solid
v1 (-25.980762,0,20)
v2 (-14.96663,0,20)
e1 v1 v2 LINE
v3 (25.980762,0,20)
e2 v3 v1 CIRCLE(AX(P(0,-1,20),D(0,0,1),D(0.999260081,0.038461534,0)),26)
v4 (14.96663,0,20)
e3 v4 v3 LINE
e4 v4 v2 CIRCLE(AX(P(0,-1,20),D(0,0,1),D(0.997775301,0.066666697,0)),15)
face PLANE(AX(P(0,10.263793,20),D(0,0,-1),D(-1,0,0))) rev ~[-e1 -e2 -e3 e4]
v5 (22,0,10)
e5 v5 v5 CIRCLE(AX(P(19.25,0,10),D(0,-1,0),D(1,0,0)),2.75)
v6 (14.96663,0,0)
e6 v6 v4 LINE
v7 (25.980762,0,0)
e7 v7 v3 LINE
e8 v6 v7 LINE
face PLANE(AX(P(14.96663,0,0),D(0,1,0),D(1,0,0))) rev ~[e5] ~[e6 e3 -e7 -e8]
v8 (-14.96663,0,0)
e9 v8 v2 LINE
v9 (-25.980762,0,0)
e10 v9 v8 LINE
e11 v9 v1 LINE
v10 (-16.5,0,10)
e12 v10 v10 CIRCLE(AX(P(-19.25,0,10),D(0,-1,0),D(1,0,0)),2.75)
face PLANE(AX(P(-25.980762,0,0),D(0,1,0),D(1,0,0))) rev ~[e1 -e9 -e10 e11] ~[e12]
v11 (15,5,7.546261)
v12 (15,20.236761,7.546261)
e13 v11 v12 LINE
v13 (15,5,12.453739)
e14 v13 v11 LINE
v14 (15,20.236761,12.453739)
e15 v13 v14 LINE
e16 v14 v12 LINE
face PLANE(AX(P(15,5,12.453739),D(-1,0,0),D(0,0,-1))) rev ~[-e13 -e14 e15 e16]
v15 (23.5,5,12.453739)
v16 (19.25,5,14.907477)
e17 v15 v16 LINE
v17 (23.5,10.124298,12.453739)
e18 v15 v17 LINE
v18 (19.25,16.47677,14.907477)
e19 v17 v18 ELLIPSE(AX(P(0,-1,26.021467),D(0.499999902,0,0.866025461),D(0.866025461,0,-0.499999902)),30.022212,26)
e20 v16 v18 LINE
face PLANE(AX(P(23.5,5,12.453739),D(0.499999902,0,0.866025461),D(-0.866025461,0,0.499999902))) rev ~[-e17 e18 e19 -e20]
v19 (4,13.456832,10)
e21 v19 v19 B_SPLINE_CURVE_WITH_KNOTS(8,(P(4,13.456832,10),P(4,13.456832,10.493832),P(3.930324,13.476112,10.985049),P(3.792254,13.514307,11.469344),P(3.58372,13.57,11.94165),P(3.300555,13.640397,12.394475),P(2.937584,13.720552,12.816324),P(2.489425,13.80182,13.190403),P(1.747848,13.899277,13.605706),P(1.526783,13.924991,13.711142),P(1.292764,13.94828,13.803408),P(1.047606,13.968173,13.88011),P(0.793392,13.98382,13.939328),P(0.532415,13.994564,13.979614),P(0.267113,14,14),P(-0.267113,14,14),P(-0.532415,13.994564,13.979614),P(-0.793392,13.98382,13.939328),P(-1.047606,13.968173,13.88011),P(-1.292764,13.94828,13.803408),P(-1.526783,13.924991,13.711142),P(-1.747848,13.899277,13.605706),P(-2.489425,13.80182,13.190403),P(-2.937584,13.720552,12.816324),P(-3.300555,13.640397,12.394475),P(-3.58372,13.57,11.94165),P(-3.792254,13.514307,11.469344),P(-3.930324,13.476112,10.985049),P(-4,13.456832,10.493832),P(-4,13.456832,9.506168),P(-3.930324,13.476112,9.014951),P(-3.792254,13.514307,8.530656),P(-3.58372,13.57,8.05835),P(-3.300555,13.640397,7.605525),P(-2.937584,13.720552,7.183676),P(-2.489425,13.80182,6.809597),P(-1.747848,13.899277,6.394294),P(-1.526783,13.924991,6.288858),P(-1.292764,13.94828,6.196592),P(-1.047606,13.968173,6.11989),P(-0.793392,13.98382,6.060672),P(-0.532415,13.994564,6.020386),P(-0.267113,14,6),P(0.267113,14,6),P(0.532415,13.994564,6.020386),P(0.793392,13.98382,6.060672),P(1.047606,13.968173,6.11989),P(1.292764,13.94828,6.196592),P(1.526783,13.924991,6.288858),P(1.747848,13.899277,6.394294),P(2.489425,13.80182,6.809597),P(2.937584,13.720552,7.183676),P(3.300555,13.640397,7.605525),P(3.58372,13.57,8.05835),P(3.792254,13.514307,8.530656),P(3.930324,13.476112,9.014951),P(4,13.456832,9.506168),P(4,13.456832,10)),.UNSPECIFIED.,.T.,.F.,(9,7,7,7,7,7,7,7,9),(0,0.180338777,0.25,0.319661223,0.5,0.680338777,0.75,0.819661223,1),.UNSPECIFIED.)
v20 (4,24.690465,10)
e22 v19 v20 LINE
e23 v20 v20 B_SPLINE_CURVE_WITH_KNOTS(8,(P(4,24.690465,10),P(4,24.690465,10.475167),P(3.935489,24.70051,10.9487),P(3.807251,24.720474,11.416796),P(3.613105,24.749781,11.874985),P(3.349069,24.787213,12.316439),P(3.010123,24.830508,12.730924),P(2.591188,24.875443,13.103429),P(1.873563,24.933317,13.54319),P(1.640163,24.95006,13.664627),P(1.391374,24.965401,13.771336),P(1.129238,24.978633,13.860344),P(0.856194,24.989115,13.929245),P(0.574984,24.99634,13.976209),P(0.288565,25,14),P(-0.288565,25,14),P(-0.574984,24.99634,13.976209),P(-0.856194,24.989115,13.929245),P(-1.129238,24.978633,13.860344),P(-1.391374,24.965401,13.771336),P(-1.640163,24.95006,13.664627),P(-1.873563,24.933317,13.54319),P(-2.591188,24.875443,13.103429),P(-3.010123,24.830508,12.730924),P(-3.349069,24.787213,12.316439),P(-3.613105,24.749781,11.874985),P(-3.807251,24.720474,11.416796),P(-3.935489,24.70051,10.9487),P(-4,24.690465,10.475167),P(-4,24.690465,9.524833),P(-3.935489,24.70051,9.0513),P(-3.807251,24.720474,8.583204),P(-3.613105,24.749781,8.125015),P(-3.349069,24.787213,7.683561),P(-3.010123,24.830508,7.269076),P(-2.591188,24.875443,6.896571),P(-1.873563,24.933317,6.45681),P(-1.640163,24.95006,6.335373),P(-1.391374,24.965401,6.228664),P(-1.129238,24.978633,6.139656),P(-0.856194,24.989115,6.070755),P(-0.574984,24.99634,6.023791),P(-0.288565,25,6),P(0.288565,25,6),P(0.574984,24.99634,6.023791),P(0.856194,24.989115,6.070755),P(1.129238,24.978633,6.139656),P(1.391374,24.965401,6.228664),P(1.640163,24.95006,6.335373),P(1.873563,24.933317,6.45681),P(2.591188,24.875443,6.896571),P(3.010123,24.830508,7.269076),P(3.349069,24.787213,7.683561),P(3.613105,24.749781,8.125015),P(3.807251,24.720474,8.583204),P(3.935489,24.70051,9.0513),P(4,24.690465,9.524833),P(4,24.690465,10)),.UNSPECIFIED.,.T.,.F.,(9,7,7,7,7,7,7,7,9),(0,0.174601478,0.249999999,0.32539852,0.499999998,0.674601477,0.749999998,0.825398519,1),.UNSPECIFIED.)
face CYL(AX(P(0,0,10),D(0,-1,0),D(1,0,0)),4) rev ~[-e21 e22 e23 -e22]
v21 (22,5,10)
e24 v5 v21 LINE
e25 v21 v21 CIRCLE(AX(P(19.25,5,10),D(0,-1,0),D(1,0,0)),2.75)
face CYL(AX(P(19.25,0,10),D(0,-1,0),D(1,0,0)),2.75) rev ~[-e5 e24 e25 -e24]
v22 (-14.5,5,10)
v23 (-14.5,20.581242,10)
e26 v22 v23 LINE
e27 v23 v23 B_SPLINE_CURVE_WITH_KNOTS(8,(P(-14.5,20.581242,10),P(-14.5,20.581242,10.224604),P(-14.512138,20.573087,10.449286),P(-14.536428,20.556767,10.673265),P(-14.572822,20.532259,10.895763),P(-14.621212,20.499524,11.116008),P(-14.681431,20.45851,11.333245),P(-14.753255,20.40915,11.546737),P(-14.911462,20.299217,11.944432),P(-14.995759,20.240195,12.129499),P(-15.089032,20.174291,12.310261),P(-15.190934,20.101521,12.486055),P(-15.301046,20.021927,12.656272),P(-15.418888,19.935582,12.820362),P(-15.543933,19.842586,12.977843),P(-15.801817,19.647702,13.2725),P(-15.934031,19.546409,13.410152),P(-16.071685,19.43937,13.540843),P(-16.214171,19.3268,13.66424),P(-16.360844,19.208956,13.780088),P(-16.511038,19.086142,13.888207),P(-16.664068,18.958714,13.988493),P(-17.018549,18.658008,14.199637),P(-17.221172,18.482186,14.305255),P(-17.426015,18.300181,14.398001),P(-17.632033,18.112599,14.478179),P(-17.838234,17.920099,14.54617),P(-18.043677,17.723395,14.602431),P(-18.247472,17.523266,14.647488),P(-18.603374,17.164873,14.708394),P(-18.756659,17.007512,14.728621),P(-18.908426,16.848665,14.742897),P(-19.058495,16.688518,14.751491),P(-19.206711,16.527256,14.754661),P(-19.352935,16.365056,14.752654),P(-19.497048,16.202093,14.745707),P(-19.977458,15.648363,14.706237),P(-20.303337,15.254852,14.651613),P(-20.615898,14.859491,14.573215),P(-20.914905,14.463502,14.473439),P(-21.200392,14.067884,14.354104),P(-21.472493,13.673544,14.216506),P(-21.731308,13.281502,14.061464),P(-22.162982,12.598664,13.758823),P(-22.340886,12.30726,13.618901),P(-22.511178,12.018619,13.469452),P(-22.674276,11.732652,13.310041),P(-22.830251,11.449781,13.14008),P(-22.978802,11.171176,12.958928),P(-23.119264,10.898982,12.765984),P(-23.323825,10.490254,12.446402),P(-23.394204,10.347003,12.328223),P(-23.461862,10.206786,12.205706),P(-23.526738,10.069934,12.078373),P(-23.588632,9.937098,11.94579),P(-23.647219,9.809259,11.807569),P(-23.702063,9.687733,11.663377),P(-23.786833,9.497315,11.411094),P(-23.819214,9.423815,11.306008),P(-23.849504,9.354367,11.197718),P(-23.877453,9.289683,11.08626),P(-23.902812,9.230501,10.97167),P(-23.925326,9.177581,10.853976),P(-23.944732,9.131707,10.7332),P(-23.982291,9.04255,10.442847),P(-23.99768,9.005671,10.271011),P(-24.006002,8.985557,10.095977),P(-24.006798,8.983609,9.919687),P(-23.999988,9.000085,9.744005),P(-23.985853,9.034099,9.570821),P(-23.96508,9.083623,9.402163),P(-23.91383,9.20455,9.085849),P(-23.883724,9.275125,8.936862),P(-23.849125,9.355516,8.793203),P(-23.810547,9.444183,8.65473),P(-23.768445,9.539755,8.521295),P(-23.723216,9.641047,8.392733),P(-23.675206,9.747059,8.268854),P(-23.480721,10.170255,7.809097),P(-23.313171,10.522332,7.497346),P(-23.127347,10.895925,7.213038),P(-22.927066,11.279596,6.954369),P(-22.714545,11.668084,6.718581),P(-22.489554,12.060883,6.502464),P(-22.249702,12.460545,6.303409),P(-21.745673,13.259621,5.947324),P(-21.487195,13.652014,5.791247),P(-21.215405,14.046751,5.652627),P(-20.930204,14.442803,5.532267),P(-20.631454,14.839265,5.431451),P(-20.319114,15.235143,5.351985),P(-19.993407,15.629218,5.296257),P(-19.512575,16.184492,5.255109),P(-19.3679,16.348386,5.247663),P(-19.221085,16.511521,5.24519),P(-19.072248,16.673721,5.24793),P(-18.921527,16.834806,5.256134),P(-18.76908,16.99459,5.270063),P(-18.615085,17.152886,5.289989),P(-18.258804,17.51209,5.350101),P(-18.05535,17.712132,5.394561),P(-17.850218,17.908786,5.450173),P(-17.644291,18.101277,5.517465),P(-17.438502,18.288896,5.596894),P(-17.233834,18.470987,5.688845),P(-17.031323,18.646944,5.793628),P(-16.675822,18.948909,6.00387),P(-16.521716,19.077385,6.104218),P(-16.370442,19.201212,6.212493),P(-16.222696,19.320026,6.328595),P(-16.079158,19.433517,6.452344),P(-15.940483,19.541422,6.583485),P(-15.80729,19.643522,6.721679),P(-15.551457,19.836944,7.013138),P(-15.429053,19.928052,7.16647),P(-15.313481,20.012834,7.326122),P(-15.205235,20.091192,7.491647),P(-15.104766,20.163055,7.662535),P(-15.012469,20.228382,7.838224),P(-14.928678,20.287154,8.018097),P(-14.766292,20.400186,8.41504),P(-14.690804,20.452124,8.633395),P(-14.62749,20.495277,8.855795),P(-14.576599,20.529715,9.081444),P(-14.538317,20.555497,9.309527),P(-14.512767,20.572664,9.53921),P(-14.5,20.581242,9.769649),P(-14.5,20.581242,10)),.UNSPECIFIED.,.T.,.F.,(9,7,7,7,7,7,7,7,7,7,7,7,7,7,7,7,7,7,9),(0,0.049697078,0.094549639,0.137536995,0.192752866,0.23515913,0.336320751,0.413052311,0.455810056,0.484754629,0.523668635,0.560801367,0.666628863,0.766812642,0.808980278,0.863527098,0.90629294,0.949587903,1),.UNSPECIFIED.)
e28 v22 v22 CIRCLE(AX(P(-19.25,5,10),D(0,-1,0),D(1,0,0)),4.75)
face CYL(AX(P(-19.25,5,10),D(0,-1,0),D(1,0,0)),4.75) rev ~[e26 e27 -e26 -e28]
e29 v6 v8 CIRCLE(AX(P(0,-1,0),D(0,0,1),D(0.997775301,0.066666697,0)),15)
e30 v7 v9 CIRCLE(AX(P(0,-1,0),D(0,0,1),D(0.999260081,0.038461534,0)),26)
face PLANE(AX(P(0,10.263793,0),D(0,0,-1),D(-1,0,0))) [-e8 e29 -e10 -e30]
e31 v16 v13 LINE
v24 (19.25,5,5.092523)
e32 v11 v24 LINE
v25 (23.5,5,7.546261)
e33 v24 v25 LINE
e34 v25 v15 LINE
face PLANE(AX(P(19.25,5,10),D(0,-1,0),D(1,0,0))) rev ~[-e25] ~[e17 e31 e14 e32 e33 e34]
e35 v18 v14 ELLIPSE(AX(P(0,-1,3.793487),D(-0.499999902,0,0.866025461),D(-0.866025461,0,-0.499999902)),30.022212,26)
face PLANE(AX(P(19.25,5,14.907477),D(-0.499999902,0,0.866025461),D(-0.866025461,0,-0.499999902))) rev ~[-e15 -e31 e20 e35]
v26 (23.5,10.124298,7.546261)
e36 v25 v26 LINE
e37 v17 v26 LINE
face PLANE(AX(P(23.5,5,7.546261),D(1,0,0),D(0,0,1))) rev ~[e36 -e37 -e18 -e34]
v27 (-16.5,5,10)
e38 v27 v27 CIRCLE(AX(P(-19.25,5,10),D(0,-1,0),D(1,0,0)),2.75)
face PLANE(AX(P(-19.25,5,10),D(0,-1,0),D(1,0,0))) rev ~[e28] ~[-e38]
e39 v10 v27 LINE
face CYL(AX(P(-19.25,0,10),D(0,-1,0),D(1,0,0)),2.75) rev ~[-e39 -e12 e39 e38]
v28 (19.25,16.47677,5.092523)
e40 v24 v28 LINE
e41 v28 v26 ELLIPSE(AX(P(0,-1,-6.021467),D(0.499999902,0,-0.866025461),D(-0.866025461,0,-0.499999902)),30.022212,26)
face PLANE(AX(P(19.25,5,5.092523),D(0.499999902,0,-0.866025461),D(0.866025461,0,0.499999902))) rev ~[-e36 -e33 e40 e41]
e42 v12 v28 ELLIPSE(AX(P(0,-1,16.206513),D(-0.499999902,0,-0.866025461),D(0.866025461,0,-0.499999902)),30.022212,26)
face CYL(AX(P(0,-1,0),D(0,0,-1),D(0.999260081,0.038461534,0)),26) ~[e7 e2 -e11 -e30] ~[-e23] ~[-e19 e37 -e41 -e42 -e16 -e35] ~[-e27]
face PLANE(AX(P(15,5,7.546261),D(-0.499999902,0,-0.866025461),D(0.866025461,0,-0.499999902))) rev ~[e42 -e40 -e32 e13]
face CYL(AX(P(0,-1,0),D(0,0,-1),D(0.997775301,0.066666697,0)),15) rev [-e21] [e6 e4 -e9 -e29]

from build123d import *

# Parameters (mm, degrees)
PAD_DEPTH       = 20
SKETCH001_R     = 2.75
SKETCH001_R_2   = 4
POCKET_DEPTH    = 25.001
SKETCH002_R     = 4.75
POCKET001_DEPTH = 20.001


with BuildPart() as part:
    # Sketch → Pad (new body)
    with BuildSketch(Plane.XY):
        with BuildLine():
            ThreePointArc((14.96663, 0), (0, 14), (-14.96663, 0))
            Line((-25.980762, 0), (-14.96663, 0))
            ThreePointArc((25.980762, 0), (0, 25), (-25.980762, 0))
            Line((14.96663, 0), (25.980762, 0))
        make_face()
    extrude(amount=PAD_DEPTH)

    # Sketch001 (on Face2 of Pad) → Pocket (cut, through all)
    with BuildSketch(Plane.XZ):
        with Locations((-19.25, 10)):
            Circle(SKETCH001_R)
        with Locations((19.25, 10)):
            Circle(SKETCH001_R)
        with Locations((0, 10)):
            Circle(SKETCH001_R_2)
    extrude(amount=-POCKET_DEPTH, mode=Mode.SUBTRACT)

    # Sketch002 (on DatumPlane) → Pocket001 (cut, through all)
    with BuildSketch(Plane.XZ.offset(-5)):
        with Locations((-19.25, 10)):
            Circle(SKETCH002_R)
        Polygon((19.25, 5.092523), (23.5, 7.546261), (23.5, 12.453739), (19.25, 14.907477), (15, 12.453739), (15, 7.546261), align=None)
    extrude(amount=-POCKET001_DEPTH, mode=Mode.SUBTRACT)


solid = part.part
